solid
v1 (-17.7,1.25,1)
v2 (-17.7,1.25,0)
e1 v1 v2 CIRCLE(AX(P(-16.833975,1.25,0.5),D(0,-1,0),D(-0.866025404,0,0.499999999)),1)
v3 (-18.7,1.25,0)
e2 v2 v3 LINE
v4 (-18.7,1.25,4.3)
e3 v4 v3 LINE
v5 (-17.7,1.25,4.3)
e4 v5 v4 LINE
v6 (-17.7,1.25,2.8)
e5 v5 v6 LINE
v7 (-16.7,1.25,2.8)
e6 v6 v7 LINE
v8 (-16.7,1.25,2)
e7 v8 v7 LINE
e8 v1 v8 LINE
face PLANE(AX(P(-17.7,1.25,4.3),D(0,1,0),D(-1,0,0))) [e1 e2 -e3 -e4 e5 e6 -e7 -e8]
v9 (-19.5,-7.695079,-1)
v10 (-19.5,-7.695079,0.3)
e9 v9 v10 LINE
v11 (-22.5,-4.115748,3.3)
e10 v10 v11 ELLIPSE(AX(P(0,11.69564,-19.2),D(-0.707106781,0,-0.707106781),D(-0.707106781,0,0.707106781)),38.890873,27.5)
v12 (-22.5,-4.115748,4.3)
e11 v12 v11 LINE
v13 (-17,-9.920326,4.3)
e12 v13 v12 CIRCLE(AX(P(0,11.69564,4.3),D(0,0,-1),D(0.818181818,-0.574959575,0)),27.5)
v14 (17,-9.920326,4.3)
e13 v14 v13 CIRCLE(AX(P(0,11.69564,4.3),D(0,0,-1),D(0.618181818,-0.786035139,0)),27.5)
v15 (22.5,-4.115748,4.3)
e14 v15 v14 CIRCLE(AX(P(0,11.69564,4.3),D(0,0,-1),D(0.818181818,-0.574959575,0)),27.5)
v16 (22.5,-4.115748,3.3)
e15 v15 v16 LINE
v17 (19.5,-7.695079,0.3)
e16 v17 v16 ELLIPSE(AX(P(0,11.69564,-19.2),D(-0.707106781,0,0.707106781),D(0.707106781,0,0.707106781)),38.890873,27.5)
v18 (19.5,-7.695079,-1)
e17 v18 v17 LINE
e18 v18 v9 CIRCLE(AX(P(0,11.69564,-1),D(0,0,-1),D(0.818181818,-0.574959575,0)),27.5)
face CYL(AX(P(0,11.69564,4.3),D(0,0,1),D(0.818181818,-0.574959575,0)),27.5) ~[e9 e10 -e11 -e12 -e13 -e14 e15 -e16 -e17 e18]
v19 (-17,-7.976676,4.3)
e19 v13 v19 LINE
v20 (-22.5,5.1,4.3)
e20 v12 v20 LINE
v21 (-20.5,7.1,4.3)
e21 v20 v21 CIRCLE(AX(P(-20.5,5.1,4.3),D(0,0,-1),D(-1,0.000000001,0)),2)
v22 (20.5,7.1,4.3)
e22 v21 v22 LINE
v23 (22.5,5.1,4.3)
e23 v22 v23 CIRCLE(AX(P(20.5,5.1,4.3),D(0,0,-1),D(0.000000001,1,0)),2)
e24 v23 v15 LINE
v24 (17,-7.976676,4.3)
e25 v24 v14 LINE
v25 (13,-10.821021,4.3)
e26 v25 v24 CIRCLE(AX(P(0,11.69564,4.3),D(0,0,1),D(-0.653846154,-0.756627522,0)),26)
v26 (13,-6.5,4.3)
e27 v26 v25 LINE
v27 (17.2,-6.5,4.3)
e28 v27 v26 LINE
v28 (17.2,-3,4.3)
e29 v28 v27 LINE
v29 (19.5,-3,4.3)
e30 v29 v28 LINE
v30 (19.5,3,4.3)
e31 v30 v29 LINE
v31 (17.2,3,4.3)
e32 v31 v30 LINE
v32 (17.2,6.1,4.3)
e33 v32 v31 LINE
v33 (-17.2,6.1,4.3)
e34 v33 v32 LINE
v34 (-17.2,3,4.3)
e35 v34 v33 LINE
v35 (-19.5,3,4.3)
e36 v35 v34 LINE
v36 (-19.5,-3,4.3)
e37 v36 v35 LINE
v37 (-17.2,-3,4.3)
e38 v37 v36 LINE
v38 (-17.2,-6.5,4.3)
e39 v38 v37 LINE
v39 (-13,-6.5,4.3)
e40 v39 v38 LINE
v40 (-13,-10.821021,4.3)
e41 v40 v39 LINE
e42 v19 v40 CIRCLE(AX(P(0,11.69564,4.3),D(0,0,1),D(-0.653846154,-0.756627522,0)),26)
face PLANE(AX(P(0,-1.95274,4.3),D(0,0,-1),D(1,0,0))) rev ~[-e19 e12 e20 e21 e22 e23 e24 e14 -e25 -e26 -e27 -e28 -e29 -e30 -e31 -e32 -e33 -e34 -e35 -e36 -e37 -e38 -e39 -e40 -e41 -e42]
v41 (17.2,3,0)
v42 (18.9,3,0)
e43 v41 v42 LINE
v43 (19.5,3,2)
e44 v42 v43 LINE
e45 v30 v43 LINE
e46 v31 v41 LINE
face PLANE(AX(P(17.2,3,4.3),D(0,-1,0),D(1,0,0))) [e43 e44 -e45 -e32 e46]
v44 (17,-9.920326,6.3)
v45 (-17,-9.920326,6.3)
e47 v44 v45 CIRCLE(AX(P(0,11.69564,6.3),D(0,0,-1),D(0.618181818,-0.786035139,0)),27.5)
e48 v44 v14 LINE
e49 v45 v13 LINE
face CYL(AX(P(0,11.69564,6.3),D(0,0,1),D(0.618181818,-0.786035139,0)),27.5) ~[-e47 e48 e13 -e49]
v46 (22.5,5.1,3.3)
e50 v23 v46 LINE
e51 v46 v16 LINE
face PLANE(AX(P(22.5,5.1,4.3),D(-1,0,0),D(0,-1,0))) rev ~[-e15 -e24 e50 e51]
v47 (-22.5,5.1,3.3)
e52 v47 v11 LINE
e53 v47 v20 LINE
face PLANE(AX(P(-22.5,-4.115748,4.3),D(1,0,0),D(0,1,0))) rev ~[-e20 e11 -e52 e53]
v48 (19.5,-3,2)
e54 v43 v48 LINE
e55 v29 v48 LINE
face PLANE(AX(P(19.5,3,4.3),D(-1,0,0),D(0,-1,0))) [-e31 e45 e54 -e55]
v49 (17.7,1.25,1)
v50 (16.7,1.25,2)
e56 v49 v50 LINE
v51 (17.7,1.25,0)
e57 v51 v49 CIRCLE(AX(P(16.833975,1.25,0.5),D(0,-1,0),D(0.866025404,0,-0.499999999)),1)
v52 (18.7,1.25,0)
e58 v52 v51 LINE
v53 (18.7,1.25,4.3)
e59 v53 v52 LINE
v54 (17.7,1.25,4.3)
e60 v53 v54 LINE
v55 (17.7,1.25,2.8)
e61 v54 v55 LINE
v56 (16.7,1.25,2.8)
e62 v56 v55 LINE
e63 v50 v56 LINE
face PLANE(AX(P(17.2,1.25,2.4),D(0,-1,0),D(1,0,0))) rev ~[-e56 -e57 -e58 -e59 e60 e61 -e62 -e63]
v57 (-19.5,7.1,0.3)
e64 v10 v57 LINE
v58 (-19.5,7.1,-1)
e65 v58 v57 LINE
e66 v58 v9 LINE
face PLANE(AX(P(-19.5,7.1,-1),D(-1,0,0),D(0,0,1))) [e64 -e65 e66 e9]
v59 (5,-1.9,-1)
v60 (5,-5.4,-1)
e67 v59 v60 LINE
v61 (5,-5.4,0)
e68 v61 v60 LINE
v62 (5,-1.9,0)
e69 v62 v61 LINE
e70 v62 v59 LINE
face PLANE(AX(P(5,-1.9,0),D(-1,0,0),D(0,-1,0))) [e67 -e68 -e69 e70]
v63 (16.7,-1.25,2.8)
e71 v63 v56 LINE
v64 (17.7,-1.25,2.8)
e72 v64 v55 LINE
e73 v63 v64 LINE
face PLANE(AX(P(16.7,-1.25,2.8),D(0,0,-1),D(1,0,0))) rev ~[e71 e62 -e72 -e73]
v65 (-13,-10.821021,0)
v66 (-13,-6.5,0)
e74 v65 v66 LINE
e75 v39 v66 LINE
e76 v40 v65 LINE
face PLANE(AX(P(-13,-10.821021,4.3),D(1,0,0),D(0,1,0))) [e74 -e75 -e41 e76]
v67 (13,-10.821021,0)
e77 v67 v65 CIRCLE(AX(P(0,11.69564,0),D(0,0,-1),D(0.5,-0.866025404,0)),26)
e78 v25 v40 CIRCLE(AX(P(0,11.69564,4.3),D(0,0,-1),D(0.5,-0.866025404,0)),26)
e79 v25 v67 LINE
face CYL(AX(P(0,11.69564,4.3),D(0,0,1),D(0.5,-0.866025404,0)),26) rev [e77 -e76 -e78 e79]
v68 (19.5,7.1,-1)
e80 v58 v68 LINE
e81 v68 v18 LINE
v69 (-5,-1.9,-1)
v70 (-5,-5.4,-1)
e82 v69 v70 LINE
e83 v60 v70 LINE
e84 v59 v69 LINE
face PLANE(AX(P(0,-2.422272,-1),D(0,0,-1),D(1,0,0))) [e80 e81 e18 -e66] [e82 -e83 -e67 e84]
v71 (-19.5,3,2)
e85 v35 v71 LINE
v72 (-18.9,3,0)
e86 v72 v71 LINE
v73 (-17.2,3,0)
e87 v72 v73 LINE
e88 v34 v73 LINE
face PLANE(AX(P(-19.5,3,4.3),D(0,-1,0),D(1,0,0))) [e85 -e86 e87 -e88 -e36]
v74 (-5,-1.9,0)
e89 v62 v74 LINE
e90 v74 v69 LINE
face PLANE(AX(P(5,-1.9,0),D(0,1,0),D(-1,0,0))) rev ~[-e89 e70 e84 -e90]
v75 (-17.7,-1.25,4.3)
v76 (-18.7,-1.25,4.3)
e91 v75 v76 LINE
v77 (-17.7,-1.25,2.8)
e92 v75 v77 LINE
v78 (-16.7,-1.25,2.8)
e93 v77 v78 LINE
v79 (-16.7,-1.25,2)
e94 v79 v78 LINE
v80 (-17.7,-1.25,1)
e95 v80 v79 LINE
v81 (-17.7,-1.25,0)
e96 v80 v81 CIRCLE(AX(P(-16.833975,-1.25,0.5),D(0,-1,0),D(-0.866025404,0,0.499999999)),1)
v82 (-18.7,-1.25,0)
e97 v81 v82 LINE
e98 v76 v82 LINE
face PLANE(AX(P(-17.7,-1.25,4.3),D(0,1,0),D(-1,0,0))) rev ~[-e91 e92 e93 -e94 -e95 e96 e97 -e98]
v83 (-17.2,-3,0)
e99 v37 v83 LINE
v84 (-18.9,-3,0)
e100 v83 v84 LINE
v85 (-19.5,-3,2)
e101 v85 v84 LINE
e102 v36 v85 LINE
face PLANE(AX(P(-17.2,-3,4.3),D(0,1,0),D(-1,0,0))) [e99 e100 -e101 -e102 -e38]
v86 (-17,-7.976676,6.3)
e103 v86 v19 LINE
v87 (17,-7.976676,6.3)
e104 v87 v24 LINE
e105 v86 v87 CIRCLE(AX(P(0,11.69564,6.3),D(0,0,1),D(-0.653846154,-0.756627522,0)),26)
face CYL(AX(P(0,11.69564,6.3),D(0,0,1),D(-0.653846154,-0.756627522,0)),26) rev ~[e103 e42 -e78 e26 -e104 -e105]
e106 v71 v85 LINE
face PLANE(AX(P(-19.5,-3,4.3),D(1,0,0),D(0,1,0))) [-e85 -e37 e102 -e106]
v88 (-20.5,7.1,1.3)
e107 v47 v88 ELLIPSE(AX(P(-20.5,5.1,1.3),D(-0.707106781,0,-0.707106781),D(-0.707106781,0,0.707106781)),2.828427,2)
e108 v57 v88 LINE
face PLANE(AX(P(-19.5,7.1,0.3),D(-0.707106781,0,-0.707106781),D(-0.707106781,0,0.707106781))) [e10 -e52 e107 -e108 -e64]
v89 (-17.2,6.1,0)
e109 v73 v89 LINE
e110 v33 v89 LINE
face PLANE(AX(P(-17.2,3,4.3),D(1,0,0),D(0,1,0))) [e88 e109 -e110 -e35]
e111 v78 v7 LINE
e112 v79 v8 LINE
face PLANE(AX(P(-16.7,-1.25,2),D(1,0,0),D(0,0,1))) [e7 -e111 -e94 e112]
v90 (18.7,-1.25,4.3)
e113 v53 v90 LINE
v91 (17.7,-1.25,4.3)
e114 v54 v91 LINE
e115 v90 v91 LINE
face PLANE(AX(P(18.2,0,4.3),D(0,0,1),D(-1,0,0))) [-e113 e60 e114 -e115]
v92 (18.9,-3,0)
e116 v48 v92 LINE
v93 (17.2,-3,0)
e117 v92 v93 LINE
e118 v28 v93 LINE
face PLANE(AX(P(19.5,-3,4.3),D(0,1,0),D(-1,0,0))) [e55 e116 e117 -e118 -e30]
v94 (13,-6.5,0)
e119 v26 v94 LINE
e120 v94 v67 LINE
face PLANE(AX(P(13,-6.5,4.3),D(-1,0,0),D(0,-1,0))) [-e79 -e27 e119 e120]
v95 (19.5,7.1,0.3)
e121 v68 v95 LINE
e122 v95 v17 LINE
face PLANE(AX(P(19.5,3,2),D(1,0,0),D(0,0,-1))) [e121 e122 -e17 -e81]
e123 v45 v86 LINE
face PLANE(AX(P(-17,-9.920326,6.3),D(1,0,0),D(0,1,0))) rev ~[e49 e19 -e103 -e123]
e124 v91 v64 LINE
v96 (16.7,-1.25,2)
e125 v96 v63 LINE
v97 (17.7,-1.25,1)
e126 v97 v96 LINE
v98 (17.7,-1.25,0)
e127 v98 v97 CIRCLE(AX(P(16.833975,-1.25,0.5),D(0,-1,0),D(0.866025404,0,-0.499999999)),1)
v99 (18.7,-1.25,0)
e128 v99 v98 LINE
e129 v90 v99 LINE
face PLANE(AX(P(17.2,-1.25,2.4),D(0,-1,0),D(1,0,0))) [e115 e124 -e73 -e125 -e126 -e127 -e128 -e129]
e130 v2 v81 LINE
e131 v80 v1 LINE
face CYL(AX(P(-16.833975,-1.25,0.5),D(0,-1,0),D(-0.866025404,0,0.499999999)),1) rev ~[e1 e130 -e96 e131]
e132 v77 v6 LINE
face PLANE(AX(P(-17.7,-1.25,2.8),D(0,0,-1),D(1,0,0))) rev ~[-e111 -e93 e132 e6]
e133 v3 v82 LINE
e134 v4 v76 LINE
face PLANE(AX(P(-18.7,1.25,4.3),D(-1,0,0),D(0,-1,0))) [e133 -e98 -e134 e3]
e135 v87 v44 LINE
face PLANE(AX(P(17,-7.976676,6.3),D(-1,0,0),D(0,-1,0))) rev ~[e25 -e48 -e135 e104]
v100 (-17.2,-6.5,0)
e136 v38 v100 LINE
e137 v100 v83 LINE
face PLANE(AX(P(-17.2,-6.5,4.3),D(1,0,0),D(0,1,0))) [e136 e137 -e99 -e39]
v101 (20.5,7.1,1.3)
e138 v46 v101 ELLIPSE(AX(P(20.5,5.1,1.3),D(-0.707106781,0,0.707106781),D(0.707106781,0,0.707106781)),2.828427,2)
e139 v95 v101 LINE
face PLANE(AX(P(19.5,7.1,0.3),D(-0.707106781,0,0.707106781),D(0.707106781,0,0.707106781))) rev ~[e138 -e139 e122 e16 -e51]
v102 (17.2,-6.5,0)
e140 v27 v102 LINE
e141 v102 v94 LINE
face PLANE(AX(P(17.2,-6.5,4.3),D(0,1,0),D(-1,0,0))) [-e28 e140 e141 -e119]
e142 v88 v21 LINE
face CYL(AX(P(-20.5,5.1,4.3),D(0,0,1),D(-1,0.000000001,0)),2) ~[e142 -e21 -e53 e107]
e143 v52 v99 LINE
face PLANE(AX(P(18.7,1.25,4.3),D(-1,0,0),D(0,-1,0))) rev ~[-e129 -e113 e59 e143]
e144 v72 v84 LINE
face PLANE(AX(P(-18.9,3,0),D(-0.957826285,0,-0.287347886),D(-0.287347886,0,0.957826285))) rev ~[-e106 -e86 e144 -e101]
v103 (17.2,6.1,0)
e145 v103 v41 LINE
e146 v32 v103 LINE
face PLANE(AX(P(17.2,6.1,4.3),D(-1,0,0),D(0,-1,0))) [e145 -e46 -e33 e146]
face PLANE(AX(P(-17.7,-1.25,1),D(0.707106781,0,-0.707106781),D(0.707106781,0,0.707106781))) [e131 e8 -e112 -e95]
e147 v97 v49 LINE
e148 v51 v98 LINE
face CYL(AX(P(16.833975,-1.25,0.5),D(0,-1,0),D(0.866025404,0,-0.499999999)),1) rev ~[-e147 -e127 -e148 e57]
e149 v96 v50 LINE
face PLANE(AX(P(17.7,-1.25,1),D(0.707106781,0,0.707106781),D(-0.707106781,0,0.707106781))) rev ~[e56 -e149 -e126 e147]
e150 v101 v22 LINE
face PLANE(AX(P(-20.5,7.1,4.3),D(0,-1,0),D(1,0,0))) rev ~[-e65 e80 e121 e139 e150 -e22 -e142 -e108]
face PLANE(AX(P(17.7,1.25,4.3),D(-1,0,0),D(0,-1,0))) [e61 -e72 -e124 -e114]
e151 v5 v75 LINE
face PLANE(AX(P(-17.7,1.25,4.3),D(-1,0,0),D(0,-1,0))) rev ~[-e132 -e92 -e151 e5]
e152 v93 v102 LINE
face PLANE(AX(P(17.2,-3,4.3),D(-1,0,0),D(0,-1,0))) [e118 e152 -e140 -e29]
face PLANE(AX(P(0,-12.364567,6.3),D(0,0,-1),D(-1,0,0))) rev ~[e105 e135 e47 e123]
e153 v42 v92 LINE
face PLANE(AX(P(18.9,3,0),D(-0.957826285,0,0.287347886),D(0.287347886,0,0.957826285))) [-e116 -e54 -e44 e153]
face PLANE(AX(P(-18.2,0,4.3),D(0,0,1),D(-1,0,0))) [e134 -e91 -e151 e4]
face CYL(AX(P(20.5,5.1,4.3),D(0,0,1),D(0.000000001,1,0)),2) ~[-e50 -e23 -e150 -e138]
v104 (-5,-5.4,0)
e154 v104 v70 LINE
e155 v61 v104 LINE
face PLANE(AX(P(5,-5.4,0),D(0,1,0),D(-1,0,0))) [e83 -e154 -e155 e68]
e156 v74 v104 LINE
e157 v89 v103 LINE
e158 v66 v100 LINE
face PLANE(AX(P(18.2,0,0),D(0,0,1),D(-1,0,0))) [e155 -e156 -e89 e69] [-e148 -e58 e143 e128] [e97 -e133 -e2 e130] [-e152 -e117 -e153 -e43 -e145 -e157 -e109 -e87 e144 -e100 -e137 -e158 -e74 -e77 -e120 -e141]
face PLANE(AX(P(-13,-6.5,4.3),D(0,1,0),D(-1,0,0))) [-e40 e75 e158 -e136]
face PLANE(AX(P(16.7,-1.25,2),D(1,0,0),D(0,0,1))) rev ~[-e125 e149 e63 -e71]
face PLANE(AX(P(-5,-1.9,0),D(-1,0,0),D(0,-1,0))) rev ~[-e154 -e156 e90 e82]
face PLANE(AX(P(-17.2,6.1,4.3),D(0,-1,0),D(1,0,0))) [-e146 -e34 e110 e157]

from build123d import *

# Parameters (mm, degrees)
SKETCH1_W           = 1
SKETCH1_H           = 2.5
SKETCH1_W_2         = 10
SKETCH1_H_2         = 3.5
BOSS_EXTRUDE1_DEPTH = 1
BOSS_EXTRUDE2_START = 4.3
SKETCH1_3_W         = 1
SKETCH1_3_H         = 2.5
BOSS_EXTRUDE2_DEPTH = 4.3
CUT_EXTRUDE1_REACH  = 29.14
CUT_EXTRUDE2_DEPTH  = 33.393667716
BOSS_EXTRUDE4_START = 2
BOSS_EXTRUDE4_DEPTH = 2
SKETCH3_5_W         = 1
SKETCH3_5_H         = 0.8
BOSS_EXTRUDE5_DEPTH = 2.5
BOSS_EXTRUDE6_REACH = 31.992


with BuildPart() as part:
    # Sketch1 → Boss-Extrude1 (new body)
    # profile 1 of 4: a face of its own
    with BuildSketch(Plane(origin=(0, 0, 0), x_dir=(-1, 0, 0), z_dir=(0, 0, 1))):
        with BuildLine():
            ThreePointArc((-20.5, -7.1), (-21.914213562, -6.514213562), (-22.5, -5.1))
            Line((-22.5, -5.1), (-22.5, 4.115748324))
            ThreePointArc((-22.5, 4.115748324), (0, 15.804360023), (22.5, 4.115748324))
            Line((22.5, 4.115748324), (22.5, -5.1))
            ThreePointArc((22.5, -5.1), (21.914213562, -6.514213562), (20.5, -7.1))
            Line((20.5, -7.1), (-20.5, -7.1))
        make_face()
        with BuildLine():
            Line((-13, 6.5), (-13, 10.821020521))
            ThreePointArc((-13, 10.821020521), (0, 14.304360023), (13, 10.821020521))
            Line((13, 10.821020521), (13, 6.5))
            Line((13, 6.5), (17.2, 6.5))
            Line((17.2, 6.5), (17.2, 3))
            Line((17.2, 3), (19.5, 3))
            Line((19.5, 3), (19.5, -3))
            Line((19.5, -3), (17.2, -3))
            Line((17.2, -3), (17.2, -6.1))
            Line((17.2, -6.1), (-17.2, -6.1))
            Line((-17.2, -6.1), (-17.2, -3))
            Line((-17.2, -3), (-19.5, -3))
            Line((-19.5, -3), (-19.5, 3))
            Line((-19.5, 3), (-17.2, 3))
            Line((-17.2, 3), (-17.2, 6.5))
            Line((-17.2, 6.5), (-13, 6.5))
        make_face(mode=Mode.SUBTRACT)
    # profile 2 of 4: a face of its own
    with BuildSketch(Plane(origin=(0, 0, 0), x_dir=(-1, 0, 0), z_dir=(0, 0, 1))):
        with BuildLine():
            ThreePointArc((-13, 10.821020521), (0, 14.304360023), (13, 10.821020521))
            Line((13, 10.821020521), (13, 6.5))
            Line((13, 6.5), (17.2, 6.5))
            Line((17.2, 6.5), (17.2, 3))
            Line((17.2, 3), (19.5, 3))
            Line((19.5, 3), (19.5, -3))
            Line((19.5, -3), (17.2, -3))
            Line((17.2, -3), (17.2, -6.1))
            Line((17.2, -6.1), (-17.2, -6.1))
            Line((-17.2, -6.1), (-17.2, -3))
            Line((-17.2, -3), (-19.5, -3))
            Line((-19.5, -3), (-19.5, 3))
            Line((-19.5, 3), (-17.2, 3))
            Line((-17.2, 3), (-17.2, 6.5))
            Line((-17.2, 6.5), (-13, 6.5))
            Line((-13, 6.5), (-13, 10.821020521))
        make_face()
        with Locations((-18.2, 0)):
            Rectangle(SKETCH1_W, SKETCH1_H, mode=Mode.SUBTRACT)
        with Locations((0, 3.65)):
            Rectangle(SKETCH1_W_2, SKETCH1_H_2, mode=Mode.SUBTRACT)
        with Locations((18.2, 0)):
            Rectangle(SKETCH1_W, SKETCH1_H, mode=Mode.SUBTRACT)
    # profile 3 of 4: a face of its own
    with BuildSketch(Plane(origin=(0, 0, 0), x_dir=(-1, 0, 0), z_dir=(0, 0, 1))):
        with Locations((18.2, 0)):
            Rectangle(SKETCH1_W, SKETCH1_H)
    # profile 4 of 4: a face of its own
    with BuildSketch(Plane(origin=(0, 0, 0), x_dir=(-1, 0, 0), z_dir=(0, 0, 1))):
        with Locations((-18.2, 0)):
            Rectangle(SKETCH1_W, SKETCH1_H)
    extrude(amount=-BOSS_EXTRUDE1_DEPTH)

    # Sketch1<3> → Boss-Extrude2 (add)
    # profile 1 of 3: a face of its own
    with BuildSketch(Plane(origin=(0, 0, 0), x_dir=(-1, 0, 0), z_dir=(0, 0, 1)).offset(BOSS_EXTRUDE2_START)):
        with BuildLine():
            ThreePointArc((-20.5, -7.1), (-21.914213562, -6.514213562), (-22.5, -5.1))
            Line((-22.5, -5.1), (-22.5, 4.115748324))
            ThreePointArc((-22.5, 4.115748324), (0, 15.804360023), (22.5, 4.115748324))
            Line((22.5, 4.115748324), (22.5, -5.1))
            ThreePointArc((22.5, -5.1), (21.914213562, -6.514213562), (20.5, -7.1))
            Line((20.5, -7.1), (-20.5, -7.1))
        make_face()
        with BuildLine():
            Line((-13, 6.5), (-13, 10.821020521))
            ThreePointArc((-13, 10.821020521), (0, 14.304360023), (13, 10.821020521))
            Line((13, 10.821020521), (13, 6.5))
            Line((13, 6.5), (17.2, 6.5))
            Line((17.2, 6.5), (17.2, 3))
            Line((17.2, 3), (19.5, 3))
            Line((19.5, 3), (19.5, -3))
            Line((19.5, -3), (17.2, -3))
            Line((17.2, -3), (17.2, -6.1))
            Line((17.2, -6.1), (-17.2, -6.1))
            Line((-17.2, -6.1), (-17.2, -3))
            Line((-17.2, -3), (-19.5, -3))
            Line((-19.5, -3), (-19.5, 3))
            Line((-19.5, 3), (-17.2, 3))
            Line((-17.2, 3), (-17.2, 6.5))
            Line((-17.2, 6.5), (-13, 6.5))
        make_face(mode=Mode.SUBTRACT)
    # profile 2 of 3: a face of its own
    with BuildSketch(Plane(origin=(0, 0, 0), x_dir=(-1, 0, 0), z_dir=(0, 0, 1)).offset(BOSS_EXTRUDE2_START)):
        with Locations((18.2, 0)):
            Rectangle(SKETCH1_3_W, SKETCH1_3_H)
    # profile 3 of 3: a face of its own
    with BuildSketch(Plane(origin=(0, 0, 0), x_dir=(-1, 0, 0), z_dir=(0, 0, 1)).offset(BOSS_EXTRUDE2_START)):
        with Locations((-18.2, 0)):
            Rectangle(SKETCH1_3_W, SKETCH1_3_H)
    extrude(amount=-BOSS_EXTRUDE2_DEPTH)

    # Sketch3 → Cut-Extrude1 (cut, up to next)
    with BuildSketch(Plane.XZ.offset(1.25), mode=Mode.PRIVATE) as cut_extrude1_sk1:
        with BuildLine():
            Line((-17.7, 0), (-17.7, 1))
            ThreePointArc((-17.7, 1), (-17.833974596, 0.5), (-17.7, 0))
        make_face()
    cut_extrude1_tool1 = extrude(cut_extrude1_sk1.sketch, amount=-CUT_EXTRUDE1_REACH, mode=Mode.PRIVATE) & part.part
    # Sketch3 → Cut-Extrude1 (cut, up to next)
    with BuildSketch(Plane.XZ.offset(1.25), mode=Mode.PRIVATE) as cut_extrude1_sk2:
        with BuildLine():
            ThreePointArc((17.7, 0), (17.833974596, 0.5), (17.7, 1))
            Line((17.7, 1), (17.7, 0))
        make_face()
    cut_extrude1_tool2 = extrude(cut_extrude1_sk2.sketch, amount=-CUT_EXTRUDE1_REACH, mode=Mode.PRIVATE) & part.part
    add(cut_extrude1_tool1.solids().sort_by_distance((-17.75391, -1.25, 0.5))[0], mode=Mode.SUBTRACT)
    add(cut_extrude1_tool2.solids().sort_by_distance((17.75391, -1.25, 0.5))[0], mode=Mode.SUBTRACT)

    # Sketch4 → Cut-Extrude2 (cut, through all)
    with BuildSketch(Plane(origin=(0, 7.1, 0), x_dir=(1, 0, 0), z_dir=(0, 1, 0))):
        Polygon((19.5, 1), (19.5, -0.3), (22.5, -3.3), (22.5, 1), align=None)
        Polygon((-19.5, -0.3), (-22.5, -3.3), (-22.5, 1), (-19.5, 1), align=None)
    extrude(amount=-CUT_EXTRUDE2_DEPTH, mode=Mode.SUBTRACT)

    # Sketch5 → Boss-Extrude4 (add)
    with BuildSketch(Plane.XY.offset(4.3).offset(BOSS_EXTRUDE4_START)):
        with BuildLine():
            Line((17, -7.976675596), (17, -9.920326344))
            ThreePointArc((17, -9.920326344), (0, -15.804360023), (-17, -9.920326344))
            Line((-17, -9.920326344), (-17, -7.976675596))
            ThreePointArc((-17, -7.976675596), (0, -14.304360023), (17, -7.976675596))
        make_face()
    extrude(amount=-BOSS_EXTRUDE4_DEPTH)

    # Sketch3<5> → Boss-Extrude5 (add)
    with BuildSketch(Plane.XZ.offset(1.25)):
        with Locations((17.2, 2.4)):
            Rectangle(SKETCH3_5_W, SKETCH3_5_H)
        Polygon((16.7, 2), (17.7, 2), (17.7, 1), align=None)
        with Locations((-17.2, 2.4)):
            Rectangle(SKETCH3_5_W, SKETCH3_5_H)
        Polygon((-16.7, 2), (-17.7, 2), (-17.7, 1), align=None)
    extrude(amount=-BOSS_EXTRUDE5_DEPTH)

    # Sketch6 → Boss-Extrude6 (add, up to next)
    with BuildSketch(Plane.XZ.offset(-3), mode=Mode.PRIVATE) as boss_extrude6_sk1:
        Polygon((19.5, 2), (19.5, 0), (18.9, 0), align=None)
    boss_extrude6_tool1 = extrude(boss_extrude6_sk1.sketch, amount=BOSS_EXTRUDE6_REACH, mode=Mode.PRIVATE) - part.part
    # Sketch6 → Boss-Extrude6 (add, up to next)
    with BuildSketch(Plane.XZ.offset(-3), mode=Mode.PRIVATE) as boss_extrude6_sk2:
        Polygon((-18.9, 0), (-19.5, 2), (-19.5, 0), align=None)
    boss_extrude6_tool2 = extrude(boss_extrude6_sk2.sketch, amount=BOSS_EXTRUDE6_REACH, mode=Mode.PRIVATE) - part.part
    add(boss_extrude6_tool1.solids().sort_by_distance((19.3, 3, 0.666667))[0])
    add(boss_extrude6_tool2.solids().sort_by_distance((-19.3, 3, 0.666667))[0])


solid = part.part
